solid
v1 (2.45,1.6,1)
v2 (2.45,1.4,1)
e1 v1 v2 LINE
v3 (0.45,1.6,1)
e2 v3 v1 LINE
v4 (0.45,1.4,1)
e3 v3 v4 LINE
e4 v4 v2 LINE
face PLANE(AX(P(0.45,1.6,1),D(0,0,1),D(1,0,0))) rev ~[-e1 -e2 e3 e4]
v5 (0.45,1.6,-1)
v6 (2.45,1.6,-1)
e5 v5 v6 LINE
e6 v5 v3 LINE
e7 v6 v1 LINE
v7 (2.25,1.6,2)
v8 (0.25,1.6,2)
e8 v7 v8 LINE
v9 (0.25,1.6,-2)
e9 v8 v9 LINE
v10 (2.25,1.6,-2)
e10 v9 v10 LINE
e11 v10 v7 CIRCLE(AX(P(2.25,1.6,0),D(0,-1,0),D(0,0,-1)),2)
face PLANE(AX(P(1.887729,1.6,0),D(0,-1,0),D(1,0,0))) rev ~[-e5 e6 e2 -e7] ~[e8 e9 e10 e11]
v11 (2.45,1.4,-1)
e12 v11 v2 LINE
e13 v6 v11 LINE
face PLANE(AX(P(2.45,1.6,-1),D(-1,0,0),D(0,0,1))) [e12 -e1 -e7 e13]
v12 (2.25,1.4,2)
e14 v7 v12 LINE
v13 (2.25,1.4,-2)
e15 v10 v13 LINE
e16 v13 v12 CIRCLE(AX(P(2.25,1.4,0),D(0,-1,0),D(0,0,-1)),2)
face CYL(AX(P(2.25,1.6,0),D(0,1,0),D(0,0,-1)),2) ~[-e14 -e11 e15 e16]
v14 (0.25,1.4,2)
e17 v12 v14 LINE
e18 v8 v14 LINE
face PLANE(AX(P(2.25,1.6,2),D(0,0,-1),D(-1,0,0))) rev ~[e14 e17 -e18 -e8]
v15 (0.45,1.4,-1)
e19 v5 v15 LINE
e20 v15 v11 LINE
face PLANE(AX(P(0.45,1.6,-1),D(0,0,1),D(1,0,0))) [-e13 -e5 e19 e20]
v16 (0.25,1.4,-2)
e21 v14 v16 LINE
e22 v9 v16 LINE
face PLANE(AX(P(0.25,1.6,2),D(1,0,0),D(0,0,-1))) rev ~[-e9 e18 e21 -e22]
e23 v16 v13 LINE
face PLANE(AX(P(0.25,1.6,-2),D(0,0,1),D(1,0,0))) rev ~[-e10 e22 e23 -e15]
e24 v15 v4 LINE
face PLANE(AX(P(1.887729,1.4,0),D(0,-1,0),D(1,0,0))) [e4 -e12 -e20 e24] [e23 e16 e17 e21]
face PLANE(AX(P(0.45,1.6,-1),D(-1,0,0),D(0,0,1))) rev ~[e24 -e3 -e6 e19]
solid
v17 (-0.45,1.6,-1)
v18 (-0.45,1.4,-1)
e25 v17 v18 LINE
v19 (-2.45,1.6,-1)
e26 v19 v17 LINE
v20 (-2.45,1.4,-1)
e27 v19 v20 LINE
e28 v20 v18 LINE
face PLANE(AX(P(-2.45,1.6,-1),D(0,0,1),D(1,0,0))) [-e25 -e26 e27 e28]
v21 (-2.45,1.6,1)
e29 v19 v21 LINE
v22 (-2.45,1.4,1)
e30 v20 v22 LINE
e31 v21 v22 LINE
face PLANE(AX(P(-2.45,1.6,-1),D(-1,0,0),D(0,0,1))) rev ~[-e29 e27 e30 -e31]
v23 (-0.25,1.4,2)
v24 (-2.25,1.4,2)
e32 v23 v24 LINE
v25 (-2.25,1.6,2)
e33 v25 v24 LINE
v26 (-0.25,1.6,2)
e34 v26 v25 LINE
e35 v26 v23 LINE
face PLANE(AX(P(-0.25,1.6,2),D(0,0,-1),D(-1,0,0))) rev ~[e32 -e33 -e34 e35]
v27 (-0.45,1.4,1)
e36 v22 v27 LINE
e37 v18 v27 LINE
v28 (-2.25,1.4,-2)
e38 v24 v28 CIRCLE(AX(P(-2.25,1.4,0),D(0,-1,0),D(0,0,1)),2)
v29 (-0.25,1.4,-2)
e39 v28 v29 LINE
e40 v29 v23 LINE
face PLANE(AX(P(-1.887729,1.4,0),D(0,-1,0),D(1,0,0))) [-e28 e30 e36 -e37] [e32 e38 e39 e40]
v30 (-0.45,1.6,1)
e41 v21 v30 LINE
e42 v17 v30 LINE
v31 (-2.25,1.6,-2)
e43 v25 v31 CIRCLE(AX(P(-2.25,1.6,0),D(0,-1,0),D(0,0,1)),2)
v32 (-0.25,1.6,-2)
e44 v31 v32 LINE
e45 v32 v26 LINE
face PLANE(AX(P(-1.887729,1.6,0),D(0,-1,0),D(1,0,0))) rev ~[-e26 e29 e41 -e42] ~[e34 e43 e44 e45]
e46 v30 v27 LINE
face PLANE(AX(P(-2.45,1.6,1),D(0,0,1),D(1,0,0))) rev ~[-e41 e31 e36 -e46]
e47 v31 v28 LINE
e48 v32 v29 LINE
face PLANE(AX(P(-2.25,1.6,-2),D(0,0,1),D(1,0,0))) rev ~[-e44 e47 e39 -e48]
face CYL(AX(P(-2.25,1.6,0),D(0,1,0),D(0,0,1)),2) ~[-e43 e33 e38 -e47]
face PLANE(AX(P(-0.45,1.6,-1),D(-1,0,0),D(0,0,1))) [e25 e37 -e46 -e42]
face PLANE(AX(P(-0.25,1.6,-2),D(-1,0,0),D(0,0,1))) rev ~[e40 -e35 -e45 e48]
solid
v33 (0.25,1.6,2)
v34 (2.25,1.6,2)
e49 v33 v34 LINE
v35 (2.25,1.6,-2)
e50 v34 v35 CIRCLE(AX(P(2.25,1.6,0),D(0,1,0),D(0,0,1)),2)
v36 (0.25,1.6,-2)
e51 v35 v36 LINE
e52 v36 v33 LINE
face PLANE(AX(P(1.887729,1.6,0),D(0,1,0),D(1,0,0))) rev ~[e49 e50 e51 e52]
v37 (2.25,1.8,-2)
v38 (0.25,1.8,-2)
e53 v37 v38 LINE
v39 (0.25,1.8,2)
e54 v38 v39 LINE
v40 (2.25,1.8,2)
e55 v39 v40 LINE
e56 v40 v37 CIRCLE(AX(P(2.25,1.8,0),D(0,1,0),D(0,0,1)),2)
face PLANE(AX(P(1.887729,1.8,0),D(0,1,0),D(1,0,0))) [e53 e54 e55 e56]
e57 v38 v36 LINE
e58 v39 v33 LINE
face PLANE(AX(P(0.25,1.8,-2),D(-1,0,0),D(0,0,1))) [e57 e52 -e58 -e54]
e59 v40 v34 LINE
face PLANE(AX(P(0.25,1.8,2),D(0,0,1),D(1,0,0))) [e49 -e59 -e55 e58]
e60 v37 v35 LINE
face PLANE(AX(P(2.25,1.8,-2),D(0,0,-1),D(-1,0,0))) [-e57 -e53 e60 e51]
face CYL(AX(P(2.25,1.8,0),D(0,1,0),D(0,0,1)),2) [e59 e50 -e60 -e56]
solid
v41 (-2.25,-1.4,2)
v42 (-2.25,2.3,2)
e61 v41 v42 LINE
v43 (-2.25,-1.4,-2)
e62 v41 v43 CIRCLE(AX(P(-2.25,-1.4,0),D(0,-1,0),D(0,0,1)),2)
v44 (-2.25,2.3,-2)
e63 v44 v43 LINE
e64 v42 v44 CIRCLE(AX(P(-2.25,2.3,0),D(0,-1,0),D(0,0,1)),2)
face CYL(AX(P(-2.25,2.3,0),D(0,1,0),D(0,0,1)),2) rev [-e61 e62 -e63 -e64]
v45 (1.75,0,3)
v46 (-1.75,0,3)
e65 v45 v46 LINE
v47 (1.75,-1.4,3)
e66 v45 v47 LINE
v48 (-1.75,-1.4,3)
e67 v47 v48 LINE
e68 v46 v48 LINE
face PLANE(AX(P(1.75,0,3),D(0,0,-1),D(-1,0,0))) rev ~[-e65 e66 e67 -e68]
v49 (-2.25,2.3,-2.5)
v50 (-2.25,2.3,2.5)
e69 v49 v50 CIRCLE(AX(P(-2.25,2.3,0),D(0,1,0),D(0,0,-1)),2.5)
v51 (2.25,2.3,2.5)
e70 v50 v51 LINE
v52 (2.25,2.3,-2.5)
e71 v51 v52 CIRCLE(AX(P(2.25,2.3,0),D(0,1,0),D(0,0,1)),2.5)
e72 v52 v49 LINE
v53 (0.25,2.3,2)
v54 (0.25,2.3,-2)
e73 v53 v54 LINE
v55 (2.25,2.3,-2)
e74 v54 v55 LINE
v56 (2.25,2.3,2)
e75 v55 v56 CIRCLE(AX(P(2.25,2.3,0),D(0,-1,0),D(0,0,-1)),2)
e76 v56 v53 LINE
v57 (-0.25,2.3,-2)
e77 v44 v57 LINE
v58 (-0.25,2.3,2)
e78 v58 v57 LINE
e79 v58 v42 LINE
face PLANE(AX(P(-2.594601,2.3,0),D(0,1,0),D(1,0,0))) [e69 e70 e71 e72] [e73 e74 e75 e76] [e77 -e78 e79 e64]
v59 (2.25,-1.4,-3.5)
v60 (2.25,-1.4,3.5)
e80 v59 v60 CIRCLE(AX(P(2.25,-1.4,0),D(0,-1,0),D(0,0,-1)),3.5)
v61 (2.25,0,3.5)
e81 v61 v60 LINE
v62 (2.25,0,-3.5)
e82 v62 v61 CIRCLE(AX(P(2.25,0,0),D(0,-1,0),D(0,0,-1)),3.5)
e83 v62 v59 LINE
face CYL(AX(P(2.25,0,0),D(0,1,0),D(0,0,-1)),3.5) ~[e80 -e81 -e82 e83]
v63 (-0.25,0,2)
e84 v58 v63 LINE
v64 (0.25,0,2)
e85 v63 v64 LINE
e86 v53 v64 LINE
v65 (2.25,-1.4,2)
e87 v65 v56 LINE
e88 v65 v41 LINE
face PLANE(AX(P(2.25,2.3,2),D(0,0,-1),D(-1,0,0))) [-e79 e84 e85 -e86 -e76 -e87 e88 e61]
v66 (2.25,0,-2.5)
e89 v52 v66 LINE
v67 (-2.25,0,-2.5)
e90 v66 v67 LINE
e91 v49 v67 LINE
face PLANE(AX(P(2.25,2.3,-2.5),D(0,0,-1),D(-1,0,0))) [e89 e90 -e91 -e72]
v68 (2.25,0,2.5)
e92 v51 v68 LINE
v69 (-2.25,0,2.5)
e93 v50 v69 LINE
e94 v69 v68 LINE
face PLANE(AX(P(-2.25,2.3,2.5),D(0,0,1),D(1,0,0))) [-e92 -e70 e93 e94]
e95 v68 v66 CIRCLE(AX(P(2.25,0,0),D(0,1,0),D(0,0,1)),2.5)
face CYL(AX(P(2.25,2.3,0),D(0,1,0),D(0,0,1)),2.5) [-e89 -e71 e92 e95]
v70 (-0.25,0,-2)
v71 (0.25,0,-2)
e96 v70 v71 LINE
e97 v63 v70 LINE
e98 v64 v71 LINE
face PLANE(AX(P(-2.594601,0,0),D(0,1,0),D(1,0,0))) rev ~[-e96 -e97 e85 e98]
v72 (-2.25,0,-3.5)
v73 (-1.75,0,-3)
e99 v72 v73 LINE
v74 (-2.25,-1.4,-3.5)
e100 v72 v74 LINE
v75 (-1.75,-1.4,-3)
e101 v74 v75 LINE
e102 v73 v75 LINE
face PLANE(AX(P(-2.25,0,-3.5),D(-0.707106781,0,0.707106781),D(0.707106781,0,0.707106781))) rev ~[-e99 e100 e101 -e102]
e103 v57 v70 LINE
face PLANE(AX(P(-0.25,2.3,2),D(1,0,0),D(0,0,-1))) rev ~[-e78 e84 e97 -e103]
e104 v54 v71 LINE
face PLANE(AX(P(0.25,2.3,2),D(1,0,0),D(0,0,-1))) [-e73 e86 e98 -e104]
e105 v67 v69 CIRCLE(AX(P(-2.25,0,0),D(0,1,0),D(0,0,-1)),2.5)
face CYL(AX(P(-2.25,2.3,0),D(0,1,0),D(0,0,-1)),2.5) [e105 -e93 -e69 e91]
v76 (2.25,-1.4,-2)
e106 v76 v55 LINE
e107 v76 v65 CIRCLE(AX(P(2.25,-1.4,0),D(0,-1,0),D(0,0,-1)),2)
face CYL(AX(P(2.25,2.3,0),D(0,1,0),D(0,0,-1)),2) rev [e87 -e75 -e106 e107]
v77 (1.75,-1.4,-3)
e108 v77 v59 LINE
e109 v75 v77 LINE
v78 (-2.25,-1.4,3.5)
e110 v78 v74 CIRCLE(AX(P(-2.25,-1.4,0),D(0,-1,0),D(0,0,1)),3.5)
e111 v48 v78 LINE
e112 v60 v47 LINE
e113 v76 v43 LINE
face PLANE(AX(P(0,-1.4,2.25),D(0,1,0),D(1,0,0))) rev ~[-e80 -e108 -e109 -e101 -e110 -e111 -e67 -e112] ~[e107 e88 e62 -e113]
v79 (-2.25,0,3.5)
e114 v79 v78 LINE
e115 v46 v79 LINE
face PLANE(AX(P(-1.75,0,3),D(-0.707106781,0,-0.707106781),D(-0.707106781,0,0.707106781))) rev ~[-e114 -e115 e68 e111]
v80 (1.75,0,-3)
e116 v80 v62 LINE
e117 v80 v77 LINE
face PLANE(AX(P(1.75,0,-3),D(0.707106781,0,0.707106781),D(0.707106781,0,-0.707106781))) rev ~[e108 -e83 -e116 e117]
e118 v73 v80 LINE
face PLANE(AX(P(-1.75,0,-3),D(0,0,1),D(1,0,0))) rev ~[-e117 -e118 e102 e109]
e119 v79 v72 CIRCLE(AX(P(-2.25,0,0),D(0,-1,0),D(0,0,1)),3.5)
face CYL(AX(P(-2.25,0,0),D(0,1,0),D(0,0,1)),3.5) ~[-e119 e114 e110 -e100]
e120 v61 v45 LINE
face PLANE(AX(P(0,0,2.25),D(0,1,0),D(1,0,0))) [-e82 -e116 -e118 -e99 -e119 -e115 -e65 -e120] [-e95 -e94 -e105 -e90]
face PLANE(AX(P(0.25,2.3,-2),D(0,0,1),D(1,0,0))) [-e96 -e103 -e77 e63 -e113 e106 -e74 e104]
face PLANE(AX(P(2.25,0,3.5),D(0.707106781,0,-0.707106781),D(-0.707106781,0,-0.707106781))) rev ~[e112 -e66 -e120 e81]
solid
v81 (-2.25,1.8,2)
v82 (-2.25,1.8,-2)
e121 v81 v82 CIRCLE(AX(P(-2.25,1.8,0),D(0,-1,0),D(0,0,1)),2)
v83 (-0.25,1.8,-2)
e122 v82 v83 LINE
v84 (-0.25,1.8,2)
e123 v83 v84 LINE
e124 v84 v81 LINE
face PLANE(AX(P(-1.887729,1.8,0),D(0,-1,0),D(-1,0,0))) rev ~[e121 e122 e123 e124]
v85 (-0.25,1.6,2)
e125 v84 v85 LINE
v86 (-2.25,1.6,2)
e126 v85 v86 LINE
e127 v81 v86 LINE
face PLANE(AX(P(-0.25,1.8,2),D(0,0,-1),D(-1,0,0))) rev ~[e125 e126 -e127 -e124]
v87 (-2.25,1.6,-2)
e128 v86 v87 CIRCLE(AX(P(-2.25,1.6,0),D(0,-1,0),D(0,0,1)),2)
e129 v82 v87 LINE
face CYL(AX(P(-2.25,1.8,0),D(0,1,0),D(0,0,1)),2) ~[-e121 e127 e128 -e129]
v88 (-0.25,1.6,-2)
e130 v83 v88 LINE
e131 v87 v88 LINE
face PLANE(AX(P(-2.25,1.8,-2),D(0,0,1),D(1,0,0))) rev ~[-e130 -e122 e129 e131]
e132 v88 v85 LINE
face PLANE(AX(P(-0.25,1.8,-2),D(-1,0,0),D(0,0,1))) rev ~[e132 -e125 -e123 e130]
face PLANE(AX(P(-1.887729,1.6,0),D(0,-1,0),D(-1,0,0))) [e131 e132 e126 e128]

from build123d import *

# Parameters (mm, degrees)
EXTRUDE_1_DEPTH   = 1.4
EXTRUDE_START     = 2.3
EXTRUDE_2_DEPTH   = 2.3
EXTRUDE_3_DEPTH   = 0.2
EXTRUDE_3_2_DEPTH = 0.2
SKETCH_3_W        = 2
SKETCH_3_H        = 2
EXTRUDE_4_DEPTH   = 0.2
EXTRUDE_4_2_DEPTH = 0.2


with BuildPart() as part:
    # Эскиз1 → Бобышка-Вытянуть1 (new body)
    with BuildSketch(Plane(origin=(0, 0, 0), x_dir=(1, 0, 0), z_dir=(0, 1, 0))):
        with BuildLine():
            Line((1.75, -3), (2.25, -3.5))
            ThreePointArc((2.25, -3.5), (5.75, 0), (2.25, 3.5))
            Line((2.25, 3.5), (1.75, 3))
            Line((1.75, 3), (-1.75, 3))
            Line((-1.75, 3), (-2.25, 3.5))
            ThreePointArc((-2.25, 3.5), (-5.75, 0), (-2.25, -3.5))
            Line((-2.25, -3.5), (-1.75, -3))
            Line((-1.75, -3), (1.75, -3))
        make_face()
        with BuildLine():
            Line((2.25, -2), (-2.25, -2))
            ThreePointArc((-2.25, -2), (-4.25, 0), (-2.25, 2))
            Line((-2.25, 2), (2.25, 2))
            ThreePointArc((2.25, 2), (4.25, 0), (2.25, -2))
        make_face(mode=Mode.SUBTRACT)
    extrude(amount=-EXTRUDE_1_DEPTH)

    # Эскиз1<3> → Бобышка-Вытянуть2 (add)
    with BuildSketch(Plane(origin=(0, 0, 0), x_dir=(1, 0, 0), z_dir=(0, 1, 0)).offset(EXTRUDE_START)):
        with BuildLine():
            ThreePointArc((2.25, -2.5), (4.75, 0), (2.25, 2.5))
            Line((2.25, 2.5), (-2.25, 2.5))
            ThreePointArc((-2.25, 2.5), (-4.75, 0), (-2.25, -2.5))
            Line((-2.25, -2.5), (2.25, -2.5))
        make_face()
        with BuildLine():
            Line((2.25, -2), (0.25, -2))
            Line((0.25, -2), (0.25, 2))
            Line((0.25, 2), (2.25, 2))
            ThreePointArc((2.25, 2), (4.25, 0), (2.25, -2))
        make_face(mode=Mode.SUBTRACT)
        with BuildLine():
            Line((-0.25, -2), (-2.25, -2))
            ThreePointArc((-2.25, -2), (-4.25, 0), (-2.25, 2))
            Line((-2.25, 2), (-0.25, 2))
            Line((-0.25, 2), (-0.25, -2))
        make_face(mode=Mode.SUBTRACT)
    extrude(amount=-EXTRUDE_2_DEPTH)


with BuildPart() as body_2:
    # Эскиз2 → Бобышка-Вытянуть3 (new body)
    with BuildSketch(Plane(origin=(0, 1.8, 0), x_dir=(1, 0, 0), z_dir=(0, 1, 0))):
        with BuildLine():
            Line((2.25, 2), (0.25, 2))
            Line((0.25, 2), (0.25, -2))
            Line((0.25, -2), (2.25, -2))
            ThreePointArc((2.25, -2), (4.25, 0), (2.25, 2))
        make_face()
    extrude(amount=-EXTRUDE_3_DEPTH)


with BuildPart() as body_3:
    # Эскиз2 → Extrude 3 2 (new body)
    with BuildSketch(Plane(origin=(0, 1.8, 0), x_dir=(1, 0, 0), z_dir=(0, 1, 0))):
        with BuildLine():
            Line((-0.25, -2), (-2.25, -2))
            ThreePointArc((-2.25, -2), (-4.25, 0), (-2.25, 2))
            Line((-2.25, 2), (-0.25, 2))
            Line((-0.25, 2), (-0.25, -2))
        make_face()
    extrude(amount=-EXTRUDE_3_2_DEPTH)


with BuildPart() as body_4:
    # Эскиз3 → Бобышка-Вытянуть4 (new body)
    with BuildSketch(Plane.XZ.offset(-1.6)):
        with BuildLine():
            Line((2.25, 2), (0.25, 2))
            Line((0.25, 2), (0.25, -2))
            Line((0.25, -2), (2.25, -2))
            ThreePointArc((2.25, -2), (4.25, 0), (2.25, 2))
        make_face()
        with Locations((1.45, 0)):
            Rectangle(SKETCH_3_W, SKETCH_3_H, mode=Mode.SUBTRACT)
    extrude(amount=EXTRUDE_4_DEPTH)


with BuildPart() as body_5:
    # Эскиз3 → Extrude 4 2 (new body)
    with BuildSketch(Plane.XZ.offset(-1.6)):
        with BuildLine():
            Line((-0.25, -2), (-0.25, 2))
            Line((-0.25, 2), (-2.25, 2))
            ThreePointArc((-2.25, 2), (-4.25, 0), (-2.25, -2))
            Line((-2.25, -2), (-0.25, -2))
        make_face()
        with Locations((-1.45, 0)):
            Rectangle(SKETCH_3_W, SKETCH_3_H, mode=Mode.SUBTRACT)
    extrude(amount=EXTRUDE_4_2_DEPTH)


solid = Compound([part.part, body_2.part, body_3.part, body_4.part, body_5.part])
